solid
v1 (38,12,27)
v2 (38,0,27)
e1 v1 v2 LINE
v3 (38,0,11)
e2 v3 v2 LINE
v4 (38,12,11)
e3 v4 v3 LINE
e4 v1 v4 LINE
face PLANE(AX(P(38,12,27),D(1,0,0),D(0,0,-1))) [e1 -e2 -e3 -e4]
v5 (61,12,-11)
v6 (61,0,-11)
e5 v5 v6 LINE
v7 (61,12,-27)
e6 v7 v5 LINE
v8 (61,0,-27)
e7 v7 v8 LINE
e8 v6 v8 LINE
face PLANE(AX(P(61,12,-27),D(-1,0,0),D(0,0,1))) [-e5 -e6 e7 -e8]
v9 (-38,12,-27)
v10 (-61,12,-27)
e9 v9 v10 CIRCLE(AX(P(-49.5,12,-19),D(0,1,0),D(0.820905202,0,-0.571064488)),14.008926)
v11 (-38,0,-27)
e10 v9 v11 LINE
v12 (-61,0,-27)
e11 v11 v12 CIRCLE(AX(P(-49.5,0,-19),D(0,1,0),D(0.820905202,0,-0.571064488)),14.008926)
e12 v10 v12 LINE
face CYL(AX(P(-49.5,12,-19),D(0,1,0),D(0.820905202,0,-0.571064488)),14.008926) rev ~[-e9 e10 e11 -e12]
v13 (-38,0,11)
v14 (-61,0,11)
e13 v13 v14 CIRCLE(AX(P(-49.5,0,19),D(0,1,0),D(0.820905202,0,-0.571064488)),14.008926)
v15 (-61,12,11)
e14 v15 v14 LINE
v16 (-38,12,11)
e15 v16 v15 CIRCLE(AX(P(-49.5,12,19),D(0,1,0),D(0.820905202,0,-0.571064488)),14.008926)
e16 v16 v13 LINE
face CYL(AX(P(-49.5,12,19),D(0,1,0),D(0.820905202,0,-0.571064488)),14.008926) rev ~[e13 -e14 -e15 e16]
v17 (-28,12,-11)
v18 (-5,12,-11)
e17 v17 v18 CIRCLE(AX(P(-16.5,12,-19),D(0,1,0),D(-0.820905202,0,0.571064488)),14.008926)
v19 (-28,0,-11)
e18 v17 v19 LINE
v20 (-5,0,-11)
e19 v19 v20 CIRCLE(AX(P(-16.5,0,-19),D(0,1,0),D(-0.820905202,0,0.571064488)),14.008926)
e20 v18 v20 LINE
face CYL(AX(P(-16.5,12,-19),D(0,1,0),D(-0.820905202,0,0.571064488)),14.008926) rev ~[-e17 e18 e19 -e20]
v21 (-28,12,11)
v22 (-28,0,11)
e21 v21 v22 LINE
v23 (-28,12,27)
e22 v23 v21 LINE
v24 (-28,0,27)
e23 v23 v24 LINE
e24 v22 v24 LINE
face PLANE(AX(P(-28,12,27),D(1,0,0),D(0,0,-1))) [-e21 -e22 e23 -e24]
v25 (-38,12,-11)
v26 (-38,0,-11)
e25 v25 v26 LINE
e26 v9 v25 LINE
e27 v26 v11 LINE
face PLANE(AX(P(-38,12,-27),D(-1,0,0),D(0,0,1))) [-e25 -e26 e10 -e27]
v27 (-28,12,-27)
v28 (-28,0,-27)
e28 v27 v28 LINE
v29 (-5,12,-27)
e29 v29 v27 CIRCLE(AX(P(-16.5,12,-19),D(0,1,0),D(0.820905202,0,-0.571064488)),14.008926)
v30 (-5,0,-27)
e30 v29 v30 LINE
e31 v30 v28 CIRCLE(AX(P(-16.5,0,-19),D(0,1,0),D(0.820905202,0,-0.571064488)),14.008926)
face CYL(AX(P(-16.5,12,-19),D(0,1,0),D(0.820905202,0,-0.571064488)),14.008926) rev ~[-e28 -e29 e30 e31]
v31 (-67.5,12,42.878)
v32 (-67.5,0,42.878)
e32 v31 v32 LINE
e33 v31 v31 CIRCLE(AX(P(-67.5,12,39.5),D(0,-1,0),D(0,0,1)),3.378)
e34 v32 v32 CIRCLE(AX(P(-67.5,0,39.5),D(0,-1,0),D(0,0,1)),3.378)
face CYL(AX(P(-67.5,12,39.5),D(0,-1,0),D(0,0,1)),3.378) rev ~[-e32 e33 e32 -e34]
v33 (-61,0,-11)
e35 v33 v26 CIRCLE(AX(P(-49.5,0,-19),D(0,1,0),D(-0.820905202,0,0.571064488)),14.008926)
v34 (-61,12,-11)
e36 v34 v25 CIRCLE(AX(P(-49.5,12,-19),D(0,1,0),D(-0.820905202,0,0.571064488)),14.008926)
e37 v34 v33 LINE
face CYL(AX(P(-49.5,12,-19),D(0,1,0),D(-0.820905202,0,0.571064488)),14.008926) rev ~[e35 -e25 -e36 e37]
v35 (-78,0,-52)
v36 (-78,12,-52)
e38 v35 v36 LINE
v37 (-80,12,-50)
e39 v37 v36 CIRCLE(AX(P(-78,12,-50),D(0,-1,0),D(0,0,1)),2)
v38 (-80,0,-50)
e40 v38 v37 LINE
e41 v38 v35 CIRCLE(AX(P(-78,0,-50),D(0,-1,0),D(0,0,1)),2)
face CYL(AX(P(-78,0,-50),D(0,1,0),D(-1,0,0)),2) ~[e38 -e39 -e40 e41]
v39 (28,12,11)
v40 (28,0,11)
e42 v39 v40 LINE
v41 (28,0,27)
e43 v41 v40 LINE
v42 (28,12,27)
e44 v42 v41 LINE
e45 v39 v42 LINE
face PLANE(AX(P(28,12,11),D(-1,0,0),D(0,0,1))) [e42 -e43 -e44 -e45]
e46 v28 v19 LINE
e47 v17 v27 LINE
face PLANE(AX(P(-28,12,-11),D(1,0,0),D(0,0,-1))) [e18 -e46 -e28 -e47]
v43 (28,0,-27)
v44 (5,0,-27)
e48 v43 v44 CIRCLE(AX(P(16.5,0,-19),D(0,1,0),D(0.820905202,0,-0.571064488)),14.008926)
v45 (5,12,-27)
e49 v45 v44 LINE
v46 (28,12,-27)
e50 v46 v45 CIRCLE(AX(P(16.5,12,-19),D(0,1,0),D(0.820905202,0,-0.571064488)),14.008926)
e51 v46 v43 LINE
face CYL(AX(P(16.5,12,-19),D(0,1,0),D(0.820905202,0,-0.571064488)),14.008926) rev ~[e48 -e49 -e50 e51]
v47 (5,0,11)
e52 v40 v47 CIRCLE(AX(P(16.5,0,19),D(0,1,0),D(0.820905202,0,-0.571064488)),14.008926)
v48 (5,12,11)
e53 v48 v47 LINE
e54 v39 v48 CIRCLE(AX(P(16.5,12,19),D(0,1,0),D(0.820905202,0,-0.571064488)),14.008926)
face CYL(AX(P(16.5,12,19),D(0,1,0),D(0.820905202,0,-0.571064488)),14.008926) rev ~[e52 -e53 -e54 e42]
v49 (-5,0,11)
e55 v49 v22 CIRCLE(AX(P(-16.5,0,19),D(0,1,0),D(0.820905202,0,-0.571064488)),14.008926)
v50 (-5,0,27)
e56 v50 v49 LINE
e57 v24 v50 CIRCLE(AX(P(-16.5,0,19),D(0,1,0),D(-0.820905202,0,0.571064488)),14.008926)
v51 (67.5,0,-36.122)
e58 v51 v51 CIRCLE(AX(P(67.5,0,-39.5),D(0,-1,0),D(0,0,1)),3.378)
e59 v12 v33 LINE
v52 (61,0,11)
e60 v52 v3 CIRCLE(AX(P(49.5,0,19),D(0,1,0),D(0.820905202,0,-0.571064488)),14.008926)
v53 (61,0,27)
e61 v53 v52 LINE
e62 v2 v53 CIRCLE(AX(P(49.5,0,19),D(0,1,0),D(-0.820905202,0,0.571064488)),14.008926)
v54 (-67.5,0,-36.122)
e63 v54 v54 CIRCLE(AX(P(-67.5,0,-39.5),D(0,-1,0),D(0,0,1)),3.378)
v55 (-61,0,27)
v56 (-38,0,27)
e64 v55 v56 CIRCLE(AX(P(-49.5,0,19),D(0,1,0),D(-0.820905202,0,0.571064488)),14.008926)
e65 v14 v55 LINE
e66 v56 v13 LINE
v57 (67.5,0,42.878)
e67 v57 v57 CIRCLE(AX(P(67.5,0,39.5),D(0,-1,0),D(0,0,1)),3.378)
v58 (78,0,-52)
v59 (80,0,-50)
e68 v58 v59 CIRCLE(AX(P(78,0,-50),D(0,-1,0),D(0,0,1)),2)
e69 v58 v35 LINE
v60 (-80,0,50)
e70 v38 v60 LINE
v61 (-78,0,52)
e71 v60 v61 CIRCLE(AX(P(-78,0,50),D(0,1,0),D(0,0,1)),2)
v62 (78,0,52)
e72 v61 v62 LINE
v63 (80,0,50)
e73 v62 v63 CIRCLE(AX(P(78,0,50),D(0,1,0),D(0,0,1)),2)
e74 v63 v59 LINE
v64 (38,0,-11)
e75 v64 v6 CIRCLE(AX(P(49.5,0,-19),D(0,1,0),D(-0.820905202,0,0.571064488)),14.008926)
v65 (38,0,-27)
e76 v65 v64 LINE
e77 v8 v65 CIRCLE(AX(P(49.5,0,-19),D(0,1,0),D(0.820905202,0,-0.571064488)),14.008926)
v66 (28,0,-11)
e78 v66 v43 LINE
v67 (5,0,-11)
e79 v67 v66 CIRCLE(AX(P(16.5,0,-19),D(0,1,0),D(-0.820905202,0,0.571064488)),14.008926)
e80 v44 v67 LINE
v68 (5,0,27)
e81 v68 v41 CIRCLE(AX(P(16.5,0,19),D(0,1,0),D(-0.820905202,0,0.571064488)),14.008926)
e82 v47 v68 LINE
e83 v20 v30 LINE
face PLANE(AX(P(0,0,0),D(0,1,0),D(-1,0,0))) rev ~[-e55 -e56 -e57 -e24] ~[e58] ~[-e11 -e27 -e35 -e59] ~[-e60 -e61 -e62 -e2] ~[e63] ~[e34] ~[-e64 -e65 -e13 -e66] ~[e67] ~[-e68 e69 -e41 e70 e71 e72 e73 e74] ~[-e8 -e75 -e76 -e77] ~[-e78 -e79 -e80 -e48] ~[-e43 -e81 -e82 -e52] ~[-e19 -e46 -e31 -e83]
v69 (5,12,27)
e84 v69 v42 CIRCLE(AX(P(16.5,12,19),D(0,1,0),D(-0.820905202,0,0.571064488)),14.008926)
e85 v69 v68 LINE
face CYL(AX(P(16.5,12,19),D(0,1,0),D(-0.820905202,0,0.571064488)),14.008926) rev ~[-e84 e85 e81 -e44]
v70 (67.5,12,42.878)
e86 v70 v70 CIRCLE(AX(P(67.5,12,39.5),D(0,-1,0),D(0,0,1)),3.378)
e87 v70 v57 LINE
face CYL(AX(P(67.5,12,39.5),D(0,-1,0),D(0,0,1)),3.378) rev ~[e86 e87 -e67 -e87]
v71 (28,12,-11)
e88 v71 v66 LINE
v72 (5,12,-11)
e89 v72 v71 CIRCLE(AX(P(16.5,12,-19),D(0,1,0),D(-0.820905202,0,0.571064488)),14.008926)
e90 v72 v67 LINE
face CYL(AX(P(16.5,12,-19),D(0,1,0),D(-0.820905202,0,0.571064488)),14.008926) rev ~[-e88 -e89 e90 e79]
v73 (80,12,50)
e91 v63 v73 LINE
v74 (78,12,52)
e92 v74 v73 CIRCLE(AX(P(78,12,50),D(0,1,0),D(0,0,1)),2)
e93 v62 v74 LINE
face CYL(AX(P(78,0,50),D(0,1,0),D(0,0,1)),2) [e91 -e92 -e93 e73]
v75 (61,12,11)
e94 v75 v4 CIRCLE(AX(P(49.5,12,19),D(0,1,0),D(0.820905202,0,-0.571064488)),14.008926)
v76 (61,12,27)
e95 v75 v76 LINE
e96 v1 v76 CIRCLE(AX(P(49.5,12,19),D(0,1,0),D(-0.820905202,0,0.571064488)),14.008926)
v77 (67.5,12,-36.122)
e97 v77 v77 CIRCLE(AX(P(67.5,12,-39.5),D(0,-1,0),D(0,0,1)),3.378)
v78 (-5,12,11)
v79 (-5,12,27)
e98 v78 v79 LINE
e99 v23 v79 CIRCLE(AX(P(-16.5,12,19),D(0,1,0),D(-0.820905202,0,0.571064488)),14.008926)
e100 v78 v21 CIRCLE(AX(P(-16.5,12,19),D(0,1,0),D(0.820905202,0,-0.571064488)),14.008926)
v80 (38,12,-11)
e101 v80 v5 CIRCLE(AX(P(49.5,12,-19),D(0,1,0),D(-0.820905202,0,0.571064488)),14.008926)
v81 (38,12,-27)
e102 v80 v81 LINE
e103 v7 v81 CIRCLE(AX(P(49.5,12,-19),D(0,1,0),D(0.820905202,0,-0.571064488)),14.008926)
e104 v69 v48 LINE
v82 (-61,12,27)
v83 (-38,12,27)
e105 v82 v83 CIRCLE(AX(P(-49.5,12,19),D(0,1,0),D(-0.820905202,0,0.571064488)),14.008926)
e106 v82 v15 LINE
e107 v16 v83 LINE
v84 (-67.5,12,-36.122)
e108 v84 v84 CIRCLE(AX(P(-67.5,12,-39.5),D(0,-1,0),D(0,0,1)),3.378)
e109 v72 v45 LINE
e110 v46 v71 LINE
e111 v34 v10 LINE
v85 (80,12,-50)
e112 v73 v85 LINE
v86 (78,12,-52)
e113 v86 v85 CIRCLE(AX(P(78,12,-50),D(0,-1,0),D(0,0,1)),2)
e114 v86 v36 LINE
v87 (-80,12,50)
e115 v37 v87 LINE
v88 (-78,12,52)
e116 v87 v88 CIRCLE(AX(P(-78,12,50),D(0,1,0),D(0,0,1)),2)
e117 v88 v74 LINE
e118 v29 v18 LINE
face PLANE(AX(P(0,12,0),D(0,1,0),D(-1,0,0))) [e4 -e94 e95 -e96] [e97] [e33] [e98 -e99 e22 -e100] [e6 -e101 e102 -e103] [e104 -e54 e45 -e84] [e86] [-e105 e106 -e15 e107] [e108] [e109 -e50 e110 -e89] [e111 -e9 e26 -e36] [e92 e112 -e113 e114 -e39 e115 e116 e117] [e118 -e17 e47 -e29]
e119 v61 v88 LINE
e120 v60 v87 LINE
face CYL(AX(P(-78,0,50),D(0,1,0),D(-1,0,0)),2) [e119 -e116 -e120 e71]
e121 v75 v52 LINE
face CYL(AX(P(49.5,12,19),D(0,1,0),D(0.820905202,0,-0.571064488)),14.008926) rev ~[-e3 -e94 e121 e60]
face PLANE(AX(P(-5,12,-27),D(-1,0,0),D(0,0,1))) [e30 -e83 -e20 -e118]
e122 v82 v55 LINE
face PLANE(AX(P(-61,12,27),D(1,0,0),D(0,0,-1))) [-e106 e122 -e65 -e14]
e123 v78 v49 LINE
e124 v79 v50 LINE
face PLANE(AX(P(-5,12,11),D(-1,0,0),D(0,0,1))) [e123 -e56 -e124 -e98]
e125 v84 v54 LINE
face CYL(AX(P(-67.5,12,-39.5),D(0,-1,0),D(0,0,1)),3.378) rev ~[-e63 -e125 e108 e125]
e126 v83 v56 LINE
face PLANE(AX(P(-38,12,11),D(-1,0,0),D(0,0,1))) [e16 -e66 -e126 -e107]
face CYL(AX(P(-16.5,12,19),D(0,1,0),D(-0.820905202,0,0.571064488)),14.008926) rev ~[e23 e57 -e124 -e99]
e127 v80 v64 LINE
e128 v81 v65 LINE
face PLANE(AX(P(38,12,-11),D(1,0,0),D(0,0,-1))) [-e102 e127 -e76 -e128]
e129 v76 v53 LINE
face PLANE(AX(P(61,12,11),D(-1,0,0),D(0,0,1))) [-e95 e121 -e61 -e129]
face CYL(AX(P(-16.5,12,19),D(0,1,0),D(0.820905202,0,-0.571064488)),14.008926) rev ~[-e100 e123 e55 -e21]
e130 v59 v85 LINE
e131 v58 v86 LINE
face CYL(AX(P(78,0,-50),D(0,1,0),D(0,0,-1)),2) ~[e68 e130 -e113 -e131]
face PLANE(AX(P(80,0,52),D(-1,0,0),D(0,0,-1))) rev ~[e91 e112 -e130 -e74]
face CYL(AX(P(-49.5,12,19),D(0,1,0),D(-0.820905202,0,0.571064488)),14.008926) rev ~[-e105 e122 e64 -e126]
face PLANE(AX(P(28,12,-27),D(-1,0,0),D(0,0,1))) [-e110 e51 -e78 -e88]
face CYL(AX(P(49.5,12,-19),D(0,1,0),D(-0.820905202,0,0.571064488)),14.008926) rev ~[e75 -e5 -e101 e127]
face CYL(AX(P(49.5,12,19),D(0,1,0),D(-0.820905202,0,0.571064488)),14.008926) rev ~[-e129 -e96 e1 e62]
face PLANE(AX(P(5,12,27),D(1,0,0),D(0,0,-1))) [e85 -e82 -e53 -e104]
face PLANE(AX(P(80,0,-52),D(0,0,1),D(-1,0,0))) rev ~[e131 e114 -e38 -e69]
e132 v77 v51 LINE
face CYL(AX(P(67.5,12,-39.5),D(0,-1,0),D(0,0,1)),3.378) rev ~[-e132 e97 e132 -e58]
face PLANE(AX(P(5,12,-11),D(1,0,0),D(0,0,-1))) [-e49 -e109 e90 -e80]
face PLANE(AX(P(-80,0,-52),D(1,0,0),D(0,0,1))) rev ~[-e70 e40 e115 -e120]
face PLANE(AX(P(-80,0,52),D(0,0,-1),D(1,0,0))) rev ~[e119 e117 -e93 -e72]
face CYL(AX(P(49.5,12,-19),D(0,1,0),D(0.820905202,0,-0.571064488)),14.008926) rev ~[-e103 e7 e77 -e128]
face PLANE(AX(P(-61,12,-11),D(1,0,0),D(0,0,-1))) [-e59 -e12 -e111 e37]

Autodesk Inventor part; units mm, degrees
ref_plane "YZ Plane" through (0, 0, 0) normal (1, 0, 0) x (0, 1, 0)
ref_plane "XZ Plane" through (0, 0, 0) normal (0, 1, 0) x (-1, 0, 0)
ref_plane "XY Plane" through (0, 0, 0) normal (0, 0, 1) x (1, 0, 0)
sketch "Sketch1" plane through (0, 0, 0) normal (0, 1, 0) x (-1, 0, 0)
  line L0 (80, 52) -> (-80, 52)
  line L1 (-80, 52) -> (-80, -52)
  line L2 (-80, -52) -> (80, -52)
  line L3 (80, -52) -> (80, 52)
  line L4 (80, 52) -> (-80, -52) construction
  line L5 (-80, 52) -> (80, -52) construction
  point P0 (0, 0)
  dimension "d0" = 160
  dimension "d1" = 104
extrude "Extrusion1" add sketch "Sketch1" along normal blind 12
sketch "Sketch2" plane through (0, 12, 0) normal (0, 1, 0) x (1, 0, 0)
  line L0 (-38, 27) -> (-38, 11)
  line L1 (-61, 11) -> (-61, 27)
  line L2 (-80, 52) -> (-80, -52) projected
  line L3 (80, 52) -> (-80, 52) projected
  arc A0 (-38, 27) -> (-61, 27) centre (-49.5, 19) ccw
  arc A1 (-61, 11) -> (-38, 11) centre (-49.5, 19) ccw
  point P0 (0, 0)
  dimension "d4" = 23
  dimension "d5" = 16
  dimension "d6" = 19
  dimension "d8" = 33
extrude "Extrusion2" cut sketch "Sketch2" against normal up to next
pattern_linear "Rectangular Pattern1" count 4 spacing -33 along (-1, 0, 0) count 2 spacing 38 along (0, 0, 1) of "Extrusion2"
sketch "Sketch4" plane through (0, 12, 0) normal (0, 1, 0) x (1, 0, 0)
  line L0 (-80, 52) -> (-80, -52) projected
  line L1 (80, 52) -> (-80, 52) projected
  line L2 (80, -52) -> (80, 52) projected
  line L3 (-80, -52) -> (80, -52) projected
  point P0 (0, 0)
  point P1 (-67.5, 39.5)
  point P2 (67.5, 39.5)
  point P3 (67.5, -39.5)
  point P4 (-67.5, -39.5)
  dimension "d24" = 12.5
  dimension "d25" = 12.5
  dimension "d26" = 12.5
  dimension "d27" = 12.5
  dimension "d28" = 12.5
  dimension "d29" = 12.5
  dimension "d30" = 12.5
  dimension "d31" = 12.5
hole "Hole1" at (-67.5, 12, -39.5) at (67.5, 12, -39.5) at (67.5, 12, 39.5) at (-67.5, 12, 39.5) direction (0, -1, 0) diameter 6.756 depth 25.4 clearance for "Socket Head Cap Screw" size "1/4" standard "Ansi Unified Screw Threads"
fillet "Fillet1" radius 2 4 edges at (-80, 6, 52) (80, 6, 52) (80, 6, -52) (-80, 6, -52)
properties part number "4_OM_VialPlate"
